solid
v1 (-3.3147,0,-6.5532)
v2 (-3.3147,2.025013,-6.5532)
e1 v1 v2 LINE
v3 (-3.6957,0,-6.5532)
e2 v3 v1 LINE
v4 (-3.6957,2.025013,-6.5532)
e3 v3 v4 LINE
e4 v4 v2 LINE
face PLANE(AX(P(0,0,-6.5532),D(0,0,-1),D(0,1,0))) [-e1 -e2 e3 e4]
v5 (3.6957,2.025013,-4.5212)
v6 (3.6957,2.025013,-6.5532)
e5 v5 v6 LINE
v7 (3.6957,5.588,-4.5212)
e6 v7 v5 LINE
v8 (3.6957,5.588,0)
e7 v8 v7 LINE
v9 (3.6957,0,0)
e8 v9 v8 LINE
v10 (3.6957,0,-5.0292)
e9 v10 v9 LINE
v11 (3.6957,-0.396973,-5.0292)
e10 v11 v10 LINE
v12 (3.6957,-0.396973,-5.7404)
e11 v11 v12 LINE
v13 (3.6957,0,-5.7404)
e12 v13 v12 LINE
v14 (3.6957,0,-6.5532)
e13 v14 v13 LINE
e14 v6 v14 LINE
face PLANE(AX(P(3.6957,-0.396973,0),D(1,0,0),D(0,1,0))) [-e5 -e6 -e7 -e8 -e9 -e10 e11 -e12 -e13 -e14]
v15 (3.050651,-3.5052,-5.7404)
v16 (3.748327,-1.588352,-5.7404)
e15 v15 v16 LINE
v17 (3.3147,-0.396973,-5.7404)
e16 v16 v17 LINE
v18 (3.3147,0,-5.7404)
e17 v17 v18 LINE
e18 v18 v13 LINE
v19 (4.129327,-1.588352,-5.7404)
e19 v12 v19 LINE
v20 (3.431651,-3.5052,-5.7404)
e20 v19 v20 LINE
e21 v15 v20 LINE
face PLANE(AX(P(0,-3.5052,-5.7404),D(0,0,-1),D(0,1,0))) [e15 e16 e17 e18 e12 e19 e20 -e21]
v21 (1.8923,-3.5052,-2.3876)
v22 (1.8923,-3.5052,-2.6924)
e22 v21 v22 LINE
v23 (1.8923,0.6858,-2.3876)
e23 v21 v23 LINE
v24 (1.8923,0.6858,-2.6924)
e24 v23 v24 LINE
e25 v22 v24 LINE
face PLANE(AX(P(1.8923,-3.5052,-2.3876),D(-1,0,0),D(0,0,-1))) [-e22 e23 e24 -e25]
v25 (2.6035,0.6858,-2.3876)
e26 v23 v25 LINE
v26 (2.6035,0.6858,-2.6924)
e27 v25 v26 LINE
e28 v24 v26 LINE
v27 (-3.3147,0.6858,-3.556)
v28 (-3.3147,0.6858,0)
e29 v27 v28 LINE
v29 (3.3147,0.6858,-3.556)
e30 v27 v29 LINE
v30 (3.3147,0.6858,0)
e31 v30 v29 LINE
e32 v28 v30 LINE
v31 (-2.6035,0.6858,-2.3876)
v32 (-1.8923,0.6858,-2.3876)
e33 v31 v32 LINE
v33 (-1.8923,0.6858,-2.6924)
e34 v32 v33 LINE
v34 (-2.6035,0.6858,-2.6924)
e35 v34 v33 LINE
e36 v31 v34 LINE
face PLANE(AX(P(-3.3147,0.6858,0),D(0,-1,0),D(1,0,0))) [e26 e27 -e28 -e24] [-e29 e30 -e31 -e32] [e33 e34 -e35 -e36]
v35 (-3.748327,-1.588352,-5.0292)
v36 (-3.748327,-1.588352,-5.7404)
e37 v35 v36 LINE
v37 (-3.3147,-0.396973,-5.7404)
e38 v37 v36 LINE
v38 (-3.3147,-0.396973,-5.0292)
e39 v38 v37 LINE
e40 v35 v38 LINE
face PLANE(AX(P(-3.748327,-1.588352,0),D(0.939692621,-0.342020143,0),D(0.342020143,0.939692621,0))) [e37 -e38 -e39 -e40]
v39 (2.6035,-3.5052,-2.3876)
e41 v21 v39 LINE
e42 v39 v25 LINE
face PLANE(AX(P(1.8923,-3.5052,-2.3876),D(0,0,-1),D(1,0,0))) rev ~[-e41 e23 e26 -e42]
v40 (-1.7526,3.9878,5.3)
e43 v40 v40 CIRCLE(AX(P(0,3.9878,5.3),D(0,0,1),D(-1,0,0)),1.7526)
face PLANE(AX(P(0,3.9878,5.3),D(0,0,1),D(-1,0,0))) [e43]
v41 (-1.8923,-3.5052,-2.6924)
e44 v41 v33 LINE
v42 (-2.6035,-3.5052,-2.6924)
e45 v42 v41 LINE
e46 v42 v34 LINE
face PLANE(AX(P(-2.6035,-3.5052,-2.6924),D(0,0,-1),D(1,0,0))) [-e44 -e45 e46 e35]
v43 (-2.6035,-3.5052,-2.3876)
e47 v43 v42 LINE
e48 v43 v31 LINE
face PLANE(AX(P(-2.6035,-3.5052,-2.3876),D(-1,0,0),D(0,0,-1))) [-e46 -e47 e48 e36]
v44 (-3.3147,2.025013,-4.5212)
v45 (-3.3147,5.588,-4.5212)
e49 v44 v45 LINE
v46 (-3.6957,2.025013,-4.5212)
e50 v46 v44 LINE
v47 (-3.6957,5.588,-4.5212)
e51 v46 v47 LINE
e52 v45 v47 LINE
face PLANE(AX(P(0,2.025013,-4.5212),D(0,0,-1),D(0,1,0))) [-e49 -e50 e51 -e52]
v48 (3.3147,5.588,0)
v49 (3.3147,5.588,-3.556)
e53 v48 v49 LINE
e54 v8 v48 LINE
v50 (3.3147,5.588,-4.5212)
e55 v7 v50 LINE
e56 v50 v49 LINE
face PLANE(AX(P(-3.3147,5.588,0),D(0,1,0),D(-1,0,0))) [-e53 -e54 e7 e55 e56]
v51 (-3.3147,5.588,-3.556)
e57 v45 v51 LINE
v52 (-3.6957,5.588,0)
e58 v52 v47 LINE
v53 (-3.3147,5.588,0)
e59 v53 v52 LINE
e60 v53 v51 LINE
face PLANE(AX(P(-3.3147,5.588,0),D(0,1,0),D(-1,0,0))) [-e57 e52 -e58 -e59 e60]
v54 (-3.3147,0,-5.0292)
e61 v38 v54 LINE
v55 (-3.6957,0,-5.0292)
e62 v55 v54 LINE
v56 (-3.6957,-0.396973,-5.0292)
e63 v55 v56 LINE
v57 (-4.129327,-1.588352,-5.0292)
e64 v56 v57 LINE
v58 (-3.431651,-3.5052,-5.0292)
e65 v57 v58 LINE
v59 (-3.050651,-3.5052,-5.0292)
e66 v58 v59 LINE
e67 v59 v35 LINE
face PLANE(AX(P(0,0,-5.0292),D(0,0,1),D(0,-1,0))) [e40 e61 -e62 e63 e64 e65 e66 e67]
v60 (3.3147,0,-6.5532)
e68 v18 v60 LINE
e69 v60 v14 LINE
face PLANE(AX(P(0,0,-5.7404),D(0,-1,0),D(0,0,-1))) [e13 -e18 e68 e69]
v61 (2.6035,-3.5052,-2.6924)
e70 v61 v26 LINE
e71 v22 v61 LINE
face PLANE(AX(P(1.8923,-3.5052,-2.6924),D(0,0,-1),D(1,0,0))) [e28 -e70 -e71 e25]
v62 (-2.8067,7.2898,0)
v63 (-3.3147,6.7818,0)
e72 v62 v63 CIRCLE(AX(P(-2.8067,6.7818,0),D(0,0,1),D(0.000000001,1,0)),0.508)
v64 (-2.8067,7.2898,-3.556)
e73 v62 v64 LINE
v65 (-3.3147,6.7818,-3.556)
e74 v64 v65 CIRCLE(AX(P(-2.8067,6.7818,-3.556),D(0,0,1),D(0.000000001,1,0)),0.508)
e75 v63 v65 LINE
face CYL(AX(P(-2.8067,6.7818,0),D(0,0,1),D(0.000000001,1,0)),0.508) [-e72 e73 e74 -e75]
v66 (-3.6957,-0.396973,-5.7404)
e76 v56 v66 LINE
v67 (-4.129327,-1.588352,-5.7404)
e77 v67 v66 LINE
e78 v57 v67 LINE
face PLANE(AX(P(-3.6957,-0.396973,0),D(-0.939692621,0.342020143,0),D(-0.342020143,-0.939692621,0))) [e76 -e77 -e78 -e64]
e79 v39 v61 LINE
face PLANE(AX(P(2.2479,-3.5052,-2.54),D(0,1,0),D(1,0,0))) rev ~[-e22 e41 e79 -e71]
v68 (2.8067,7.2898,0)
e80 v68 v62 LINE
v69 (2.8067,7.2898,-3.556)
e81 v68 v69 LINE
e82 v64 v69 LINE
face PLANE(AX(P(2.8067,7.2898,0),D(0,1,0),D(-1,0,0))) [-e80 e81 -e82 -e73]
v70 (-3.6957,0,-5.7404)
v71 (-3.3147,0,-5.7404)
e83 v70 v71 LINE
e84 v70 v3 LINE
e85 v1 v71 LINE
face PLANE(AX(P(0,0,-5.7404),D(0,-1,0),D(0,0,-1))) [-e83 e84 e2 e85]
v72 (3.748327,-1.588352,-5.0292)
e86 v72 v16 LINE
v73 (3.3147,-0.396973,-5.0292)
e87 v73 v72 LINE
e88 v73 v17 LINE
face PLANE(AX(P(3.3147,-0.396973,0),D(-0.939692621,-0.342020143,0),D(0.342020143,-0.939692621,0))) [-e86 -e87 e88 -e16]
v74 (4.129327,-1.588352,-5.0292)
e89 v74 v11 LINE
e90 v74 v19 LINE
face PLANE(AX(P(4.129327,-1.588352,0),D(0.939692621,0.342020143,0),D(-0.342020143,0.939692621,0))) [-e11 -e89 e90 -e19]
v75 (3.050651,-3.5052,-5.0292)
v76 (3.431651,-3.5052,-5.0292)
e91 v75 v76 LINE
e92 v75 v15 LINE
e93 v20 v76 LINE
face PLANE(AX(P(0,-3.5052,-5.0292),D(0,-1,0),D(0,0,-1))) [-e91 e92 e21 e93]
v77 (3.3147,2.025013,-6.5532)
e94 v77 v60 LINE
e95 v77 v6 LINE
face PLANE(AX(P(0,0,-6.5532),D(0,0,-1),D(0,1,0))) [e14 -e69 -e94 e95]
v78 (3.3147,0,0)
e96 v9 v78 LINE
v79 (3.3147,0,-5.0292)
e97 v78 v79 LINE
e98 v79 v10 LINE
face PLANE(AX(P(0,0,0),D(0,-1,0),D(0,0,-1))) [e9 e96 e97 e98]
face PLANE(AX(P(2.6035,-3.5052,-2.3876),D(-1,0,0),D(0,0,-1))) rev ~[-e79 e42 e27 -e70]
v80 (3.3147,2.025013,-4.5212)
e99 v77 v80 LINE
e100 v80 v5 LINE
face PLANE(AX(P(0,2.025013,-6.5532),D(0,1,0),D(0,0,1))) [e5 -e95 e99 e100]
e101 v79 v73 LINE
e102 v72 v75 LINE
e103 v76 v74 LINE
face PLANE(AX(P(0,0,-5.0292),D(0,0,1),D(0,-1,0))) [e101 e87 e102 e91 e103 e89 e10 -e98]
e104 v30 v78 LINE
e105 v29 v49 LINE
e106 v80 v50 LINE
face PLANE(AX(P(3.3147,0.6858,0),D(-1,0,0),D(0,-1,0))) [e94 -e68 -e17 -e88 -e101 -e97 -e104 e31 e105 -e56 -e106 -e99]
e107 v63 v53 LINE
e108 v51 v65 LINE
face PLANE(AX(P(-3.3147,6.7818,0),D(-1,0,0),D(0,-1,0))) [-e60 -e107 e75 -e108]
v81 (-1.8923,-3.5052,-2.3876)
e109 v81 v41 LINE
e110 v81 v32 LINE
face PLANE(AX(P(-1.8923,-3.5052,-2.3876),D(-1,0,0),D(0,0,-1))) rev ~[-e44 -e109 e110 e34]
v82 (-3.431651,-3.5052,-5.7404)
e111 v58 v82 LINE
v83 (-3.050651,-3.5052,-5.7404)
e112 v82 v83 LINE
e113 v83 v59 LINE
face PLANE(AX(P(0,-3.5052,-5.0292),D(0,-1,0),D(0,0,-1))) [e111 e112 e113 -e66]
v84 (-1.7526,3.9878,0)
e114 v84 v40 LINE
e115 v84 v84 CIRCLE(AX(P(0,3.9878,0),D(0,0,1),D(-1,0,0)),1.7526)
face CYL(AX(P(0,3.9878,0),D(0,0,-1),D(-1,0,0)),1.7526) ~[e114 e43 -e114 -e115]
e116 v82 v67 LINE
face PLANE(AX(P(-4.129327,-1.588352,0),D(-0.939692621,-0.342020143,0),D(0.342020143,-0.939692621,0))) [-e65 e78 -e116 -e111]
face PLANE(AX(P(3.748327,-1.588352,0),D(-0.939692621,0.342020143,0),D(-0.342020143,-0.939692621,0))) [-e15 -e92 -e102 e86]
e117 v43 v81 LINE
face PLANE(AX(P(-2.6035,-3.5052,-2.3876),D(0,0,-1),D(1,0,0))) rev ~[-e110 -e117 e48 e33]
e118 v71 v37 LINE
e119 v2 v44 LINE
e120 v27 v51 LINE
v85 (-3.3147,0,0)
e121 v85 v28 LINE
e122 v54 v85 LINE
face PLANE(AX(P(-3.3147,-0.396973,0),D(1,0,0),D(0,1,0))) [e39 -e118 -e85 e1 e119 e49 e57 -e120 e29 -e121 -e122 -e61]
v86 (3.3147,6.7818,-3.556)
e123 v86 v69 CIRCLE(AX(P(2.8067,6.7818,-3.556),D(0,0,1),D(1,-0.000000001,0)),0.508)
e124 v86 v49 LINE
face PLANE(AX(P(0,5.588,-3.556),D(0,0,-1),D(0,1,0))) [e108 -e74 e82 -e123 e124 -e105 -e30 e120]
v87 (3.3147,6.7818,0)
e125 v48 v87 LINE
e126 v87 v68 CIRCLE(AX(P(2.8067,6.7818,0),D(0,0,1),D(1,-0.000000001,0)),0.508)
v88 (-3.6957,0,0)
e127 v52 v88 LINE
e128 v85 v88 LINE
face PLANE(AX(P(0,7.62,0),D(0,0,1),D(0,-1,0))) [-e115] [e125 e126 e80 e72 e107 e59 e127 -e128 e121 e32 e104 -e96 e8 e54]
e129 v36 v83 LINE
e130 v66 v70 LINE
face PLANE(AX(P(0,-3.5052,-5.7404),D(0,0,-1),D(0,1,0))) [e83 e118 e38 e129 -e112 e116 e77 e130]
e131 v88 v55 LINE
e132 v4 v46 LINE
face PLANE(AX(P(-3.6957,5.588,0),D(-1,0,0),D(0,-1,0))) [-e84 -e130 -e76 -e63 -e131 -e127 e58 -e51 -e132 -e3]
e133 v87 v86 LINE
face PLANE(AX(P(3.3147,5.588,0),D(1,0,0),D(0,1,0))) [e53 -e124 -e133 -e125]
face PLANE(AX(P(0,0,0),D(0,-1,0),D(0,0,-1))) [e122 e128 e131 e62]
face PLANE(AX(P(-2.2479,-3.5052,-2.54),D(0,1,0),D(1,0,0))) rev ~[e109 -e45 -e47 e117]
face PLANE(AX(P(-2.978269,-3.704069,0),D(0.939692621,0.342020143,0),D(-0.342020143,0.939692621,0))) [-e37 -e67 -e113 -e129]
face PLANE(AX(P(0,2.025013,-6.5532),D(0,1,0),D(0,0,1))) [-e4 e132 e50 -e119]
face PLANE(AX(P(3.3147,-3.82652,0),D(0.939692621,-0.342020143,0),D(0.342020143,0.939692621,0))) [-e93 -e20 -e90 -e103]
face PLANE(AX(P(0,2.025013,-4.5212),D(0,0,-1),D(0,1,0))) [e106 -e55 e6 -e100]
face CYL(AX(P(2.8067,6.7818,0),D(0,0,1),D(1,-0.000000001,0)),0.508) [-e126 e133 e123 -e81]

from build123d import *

# Parameters (mm, degrees)
EXTRUDE2_DEPTH      = 6.35
SKETCH3_OUTSIDE_W   = 18.322
SKETCH3_OUTSIDE_H   = 16.747
CUT_EXTRUDE1_DEPTH  = 7.62
SKETCH4_W           = 6.6294
SKETCH4_H           = 5.959117839
CUT_EXTRUDE2_DEPTH  = 12.7
EXTRUDE3_DEPTH      = 2.54
EXTRUDE3_DEPTH_BACK = 3.5052
SKETCH5_W           = 0.7112
SKETCH5_H           = 0.3048
SKETCH6_R           = 1.7526
EXTRUDE4_DEPTH      = 5.3


with BuildPart() as part:
    # Sketch2 → Extrude2 (new, symmetric)
    with BuildSketch(Plane(origin=(0, 0, 0), x_dir=(0, 0, -1), z_dir=(1, 0, 0))):
        Polygon((0, 0), (5.0292, 0), (5.0292, -3.5052), (5.7404, -3.5052), (5.7404, 0), (6.5532, 0), (6.5532, 2.025013386), (4.5212, 2.025013386), (4.5212, 5.588), (3.556, 5.588), (3.556, 7.62), (0, 7.62), align=None)
    extrude(amount=EXTRUDE2_DEPTH, both=True)

    # Sketch3 outside → Cut-Extrude1 (cut, symmetric)
    with BuildSketch(Plane.XY):
        with Locations((0, 2.0575)):
            Rectangle(SKETCH3_OUTSIDE_W, SKETCH3_OUTSIDE_H)
        with BuildLine():
            Line((-3.3147, 0.6858), (3.3147, 0.6858))
            Line((3.3147, 0.6858), (3.3147, -0.396973009))
            Line((3.3147, -0.396973009), (3.748326519, -1.588352079))
            Line((3.748326519, -1.588352079), (2.978268534, -3.704069007))
            Line((2.978268534, -3.704069007), (3.3147, -3.826520046))
            Line((3.3147, -3.826520046), (4.129326519, -1.588352079))
            Line((4.129326519, -1.588352079), (3.6957, -0.396973009))
            Line((3.6957, -0.396973009), (3.6957, 5.588))
            Line((3.6957, 5.588), (3.3147, 5.588))
            Line((3.3147, 5.588), (3.3147, 6.7818))
            ThreePointArc((3.3147, 6.7818), (3.165910245, 7.141010245), (2.8067, 7.2898))
            Line((2.8067, 7.2898), (-2.8067, 7.2898))
            ThreePointArc((-2.8067, 7.2898), (-3.165910245, 7.141010245), (-3.3147, 6.7818))
            Line((-3.3147, 6.7818), (-3.3147, 5.588))
            Line((-3.3147, 5.588), (-3.6957, 5.588))
            Line((-3.6957, 5.588), (-3.6957, -0.396973009))
            Line((-3.6957, -0.396973009), (-4.129326519, -1.588352079))
            Line((-4.129326519, -1.588352079), (-3.3147, -3.826520046))
            Line((-3.3147, -3.826520046), (-2.978268534, -3.704069007))
            Line((-2.978268534, -3.704069007), (-3.748326519, -1.588352079))
            Line((-3.748326519, -1.588352079), (-3.3147, -0.396973009))
            Line((-3.3147, -0.396973009), (-3.3147, 0.6858))
        make_face(mode=Mode.SUBTRACT)
    extrude(amount=CUT_EXTRUDE1_DEPTH, both=True, mode=Mode.SUBTRACT)

    # Sketch4 → Cut-Extrude2 (cut)
    with BuildSketch(Plane(origin=(0, 0, 0), x_dir=(1, 0, 0), z_dir=(0, 1, 0))):
        with Locations((0, 6.535558919)):
            Rectangle(SKETCH4_W, SKETCH4_H)
    extrude(amount=CUT_EXTRUDE2_DEPTH, mode=Mode.SUBTRACT)

    # Sketch5 → Extrude3 (add, two sides: drawn at the far end of the back side and taken through both)
    with BuildSketch(Plane(origin=(0, 0, 0), x_dir=(1, 0, 0), z_dir=(0, 1, 0)).offset(-EXTRUDE3_DEPTH_BACK)):
        with Locations((2.2479, 2.54)):
            Rectangle(SKETCH5_W, SKETCH5_H)
        with Locations((-2.2479, 2.54)):
            Rectangle(SKETCH5_W, SKETCH5_H)
    extrude(amount=EXTRUDE3_DEPTH + EXTRUDE3_DEPTH_BACK)

    # Sketch6 → Extrude4 (add)
    with BuildSketch(Plane.XY):
        with Locations(Location((0, 3.9878, 0), (0, 0, 180))):
            Circle(SKETCH6_R)
    extrude(amount=EXTRUDE4_DEPTH)


solid = part.part
